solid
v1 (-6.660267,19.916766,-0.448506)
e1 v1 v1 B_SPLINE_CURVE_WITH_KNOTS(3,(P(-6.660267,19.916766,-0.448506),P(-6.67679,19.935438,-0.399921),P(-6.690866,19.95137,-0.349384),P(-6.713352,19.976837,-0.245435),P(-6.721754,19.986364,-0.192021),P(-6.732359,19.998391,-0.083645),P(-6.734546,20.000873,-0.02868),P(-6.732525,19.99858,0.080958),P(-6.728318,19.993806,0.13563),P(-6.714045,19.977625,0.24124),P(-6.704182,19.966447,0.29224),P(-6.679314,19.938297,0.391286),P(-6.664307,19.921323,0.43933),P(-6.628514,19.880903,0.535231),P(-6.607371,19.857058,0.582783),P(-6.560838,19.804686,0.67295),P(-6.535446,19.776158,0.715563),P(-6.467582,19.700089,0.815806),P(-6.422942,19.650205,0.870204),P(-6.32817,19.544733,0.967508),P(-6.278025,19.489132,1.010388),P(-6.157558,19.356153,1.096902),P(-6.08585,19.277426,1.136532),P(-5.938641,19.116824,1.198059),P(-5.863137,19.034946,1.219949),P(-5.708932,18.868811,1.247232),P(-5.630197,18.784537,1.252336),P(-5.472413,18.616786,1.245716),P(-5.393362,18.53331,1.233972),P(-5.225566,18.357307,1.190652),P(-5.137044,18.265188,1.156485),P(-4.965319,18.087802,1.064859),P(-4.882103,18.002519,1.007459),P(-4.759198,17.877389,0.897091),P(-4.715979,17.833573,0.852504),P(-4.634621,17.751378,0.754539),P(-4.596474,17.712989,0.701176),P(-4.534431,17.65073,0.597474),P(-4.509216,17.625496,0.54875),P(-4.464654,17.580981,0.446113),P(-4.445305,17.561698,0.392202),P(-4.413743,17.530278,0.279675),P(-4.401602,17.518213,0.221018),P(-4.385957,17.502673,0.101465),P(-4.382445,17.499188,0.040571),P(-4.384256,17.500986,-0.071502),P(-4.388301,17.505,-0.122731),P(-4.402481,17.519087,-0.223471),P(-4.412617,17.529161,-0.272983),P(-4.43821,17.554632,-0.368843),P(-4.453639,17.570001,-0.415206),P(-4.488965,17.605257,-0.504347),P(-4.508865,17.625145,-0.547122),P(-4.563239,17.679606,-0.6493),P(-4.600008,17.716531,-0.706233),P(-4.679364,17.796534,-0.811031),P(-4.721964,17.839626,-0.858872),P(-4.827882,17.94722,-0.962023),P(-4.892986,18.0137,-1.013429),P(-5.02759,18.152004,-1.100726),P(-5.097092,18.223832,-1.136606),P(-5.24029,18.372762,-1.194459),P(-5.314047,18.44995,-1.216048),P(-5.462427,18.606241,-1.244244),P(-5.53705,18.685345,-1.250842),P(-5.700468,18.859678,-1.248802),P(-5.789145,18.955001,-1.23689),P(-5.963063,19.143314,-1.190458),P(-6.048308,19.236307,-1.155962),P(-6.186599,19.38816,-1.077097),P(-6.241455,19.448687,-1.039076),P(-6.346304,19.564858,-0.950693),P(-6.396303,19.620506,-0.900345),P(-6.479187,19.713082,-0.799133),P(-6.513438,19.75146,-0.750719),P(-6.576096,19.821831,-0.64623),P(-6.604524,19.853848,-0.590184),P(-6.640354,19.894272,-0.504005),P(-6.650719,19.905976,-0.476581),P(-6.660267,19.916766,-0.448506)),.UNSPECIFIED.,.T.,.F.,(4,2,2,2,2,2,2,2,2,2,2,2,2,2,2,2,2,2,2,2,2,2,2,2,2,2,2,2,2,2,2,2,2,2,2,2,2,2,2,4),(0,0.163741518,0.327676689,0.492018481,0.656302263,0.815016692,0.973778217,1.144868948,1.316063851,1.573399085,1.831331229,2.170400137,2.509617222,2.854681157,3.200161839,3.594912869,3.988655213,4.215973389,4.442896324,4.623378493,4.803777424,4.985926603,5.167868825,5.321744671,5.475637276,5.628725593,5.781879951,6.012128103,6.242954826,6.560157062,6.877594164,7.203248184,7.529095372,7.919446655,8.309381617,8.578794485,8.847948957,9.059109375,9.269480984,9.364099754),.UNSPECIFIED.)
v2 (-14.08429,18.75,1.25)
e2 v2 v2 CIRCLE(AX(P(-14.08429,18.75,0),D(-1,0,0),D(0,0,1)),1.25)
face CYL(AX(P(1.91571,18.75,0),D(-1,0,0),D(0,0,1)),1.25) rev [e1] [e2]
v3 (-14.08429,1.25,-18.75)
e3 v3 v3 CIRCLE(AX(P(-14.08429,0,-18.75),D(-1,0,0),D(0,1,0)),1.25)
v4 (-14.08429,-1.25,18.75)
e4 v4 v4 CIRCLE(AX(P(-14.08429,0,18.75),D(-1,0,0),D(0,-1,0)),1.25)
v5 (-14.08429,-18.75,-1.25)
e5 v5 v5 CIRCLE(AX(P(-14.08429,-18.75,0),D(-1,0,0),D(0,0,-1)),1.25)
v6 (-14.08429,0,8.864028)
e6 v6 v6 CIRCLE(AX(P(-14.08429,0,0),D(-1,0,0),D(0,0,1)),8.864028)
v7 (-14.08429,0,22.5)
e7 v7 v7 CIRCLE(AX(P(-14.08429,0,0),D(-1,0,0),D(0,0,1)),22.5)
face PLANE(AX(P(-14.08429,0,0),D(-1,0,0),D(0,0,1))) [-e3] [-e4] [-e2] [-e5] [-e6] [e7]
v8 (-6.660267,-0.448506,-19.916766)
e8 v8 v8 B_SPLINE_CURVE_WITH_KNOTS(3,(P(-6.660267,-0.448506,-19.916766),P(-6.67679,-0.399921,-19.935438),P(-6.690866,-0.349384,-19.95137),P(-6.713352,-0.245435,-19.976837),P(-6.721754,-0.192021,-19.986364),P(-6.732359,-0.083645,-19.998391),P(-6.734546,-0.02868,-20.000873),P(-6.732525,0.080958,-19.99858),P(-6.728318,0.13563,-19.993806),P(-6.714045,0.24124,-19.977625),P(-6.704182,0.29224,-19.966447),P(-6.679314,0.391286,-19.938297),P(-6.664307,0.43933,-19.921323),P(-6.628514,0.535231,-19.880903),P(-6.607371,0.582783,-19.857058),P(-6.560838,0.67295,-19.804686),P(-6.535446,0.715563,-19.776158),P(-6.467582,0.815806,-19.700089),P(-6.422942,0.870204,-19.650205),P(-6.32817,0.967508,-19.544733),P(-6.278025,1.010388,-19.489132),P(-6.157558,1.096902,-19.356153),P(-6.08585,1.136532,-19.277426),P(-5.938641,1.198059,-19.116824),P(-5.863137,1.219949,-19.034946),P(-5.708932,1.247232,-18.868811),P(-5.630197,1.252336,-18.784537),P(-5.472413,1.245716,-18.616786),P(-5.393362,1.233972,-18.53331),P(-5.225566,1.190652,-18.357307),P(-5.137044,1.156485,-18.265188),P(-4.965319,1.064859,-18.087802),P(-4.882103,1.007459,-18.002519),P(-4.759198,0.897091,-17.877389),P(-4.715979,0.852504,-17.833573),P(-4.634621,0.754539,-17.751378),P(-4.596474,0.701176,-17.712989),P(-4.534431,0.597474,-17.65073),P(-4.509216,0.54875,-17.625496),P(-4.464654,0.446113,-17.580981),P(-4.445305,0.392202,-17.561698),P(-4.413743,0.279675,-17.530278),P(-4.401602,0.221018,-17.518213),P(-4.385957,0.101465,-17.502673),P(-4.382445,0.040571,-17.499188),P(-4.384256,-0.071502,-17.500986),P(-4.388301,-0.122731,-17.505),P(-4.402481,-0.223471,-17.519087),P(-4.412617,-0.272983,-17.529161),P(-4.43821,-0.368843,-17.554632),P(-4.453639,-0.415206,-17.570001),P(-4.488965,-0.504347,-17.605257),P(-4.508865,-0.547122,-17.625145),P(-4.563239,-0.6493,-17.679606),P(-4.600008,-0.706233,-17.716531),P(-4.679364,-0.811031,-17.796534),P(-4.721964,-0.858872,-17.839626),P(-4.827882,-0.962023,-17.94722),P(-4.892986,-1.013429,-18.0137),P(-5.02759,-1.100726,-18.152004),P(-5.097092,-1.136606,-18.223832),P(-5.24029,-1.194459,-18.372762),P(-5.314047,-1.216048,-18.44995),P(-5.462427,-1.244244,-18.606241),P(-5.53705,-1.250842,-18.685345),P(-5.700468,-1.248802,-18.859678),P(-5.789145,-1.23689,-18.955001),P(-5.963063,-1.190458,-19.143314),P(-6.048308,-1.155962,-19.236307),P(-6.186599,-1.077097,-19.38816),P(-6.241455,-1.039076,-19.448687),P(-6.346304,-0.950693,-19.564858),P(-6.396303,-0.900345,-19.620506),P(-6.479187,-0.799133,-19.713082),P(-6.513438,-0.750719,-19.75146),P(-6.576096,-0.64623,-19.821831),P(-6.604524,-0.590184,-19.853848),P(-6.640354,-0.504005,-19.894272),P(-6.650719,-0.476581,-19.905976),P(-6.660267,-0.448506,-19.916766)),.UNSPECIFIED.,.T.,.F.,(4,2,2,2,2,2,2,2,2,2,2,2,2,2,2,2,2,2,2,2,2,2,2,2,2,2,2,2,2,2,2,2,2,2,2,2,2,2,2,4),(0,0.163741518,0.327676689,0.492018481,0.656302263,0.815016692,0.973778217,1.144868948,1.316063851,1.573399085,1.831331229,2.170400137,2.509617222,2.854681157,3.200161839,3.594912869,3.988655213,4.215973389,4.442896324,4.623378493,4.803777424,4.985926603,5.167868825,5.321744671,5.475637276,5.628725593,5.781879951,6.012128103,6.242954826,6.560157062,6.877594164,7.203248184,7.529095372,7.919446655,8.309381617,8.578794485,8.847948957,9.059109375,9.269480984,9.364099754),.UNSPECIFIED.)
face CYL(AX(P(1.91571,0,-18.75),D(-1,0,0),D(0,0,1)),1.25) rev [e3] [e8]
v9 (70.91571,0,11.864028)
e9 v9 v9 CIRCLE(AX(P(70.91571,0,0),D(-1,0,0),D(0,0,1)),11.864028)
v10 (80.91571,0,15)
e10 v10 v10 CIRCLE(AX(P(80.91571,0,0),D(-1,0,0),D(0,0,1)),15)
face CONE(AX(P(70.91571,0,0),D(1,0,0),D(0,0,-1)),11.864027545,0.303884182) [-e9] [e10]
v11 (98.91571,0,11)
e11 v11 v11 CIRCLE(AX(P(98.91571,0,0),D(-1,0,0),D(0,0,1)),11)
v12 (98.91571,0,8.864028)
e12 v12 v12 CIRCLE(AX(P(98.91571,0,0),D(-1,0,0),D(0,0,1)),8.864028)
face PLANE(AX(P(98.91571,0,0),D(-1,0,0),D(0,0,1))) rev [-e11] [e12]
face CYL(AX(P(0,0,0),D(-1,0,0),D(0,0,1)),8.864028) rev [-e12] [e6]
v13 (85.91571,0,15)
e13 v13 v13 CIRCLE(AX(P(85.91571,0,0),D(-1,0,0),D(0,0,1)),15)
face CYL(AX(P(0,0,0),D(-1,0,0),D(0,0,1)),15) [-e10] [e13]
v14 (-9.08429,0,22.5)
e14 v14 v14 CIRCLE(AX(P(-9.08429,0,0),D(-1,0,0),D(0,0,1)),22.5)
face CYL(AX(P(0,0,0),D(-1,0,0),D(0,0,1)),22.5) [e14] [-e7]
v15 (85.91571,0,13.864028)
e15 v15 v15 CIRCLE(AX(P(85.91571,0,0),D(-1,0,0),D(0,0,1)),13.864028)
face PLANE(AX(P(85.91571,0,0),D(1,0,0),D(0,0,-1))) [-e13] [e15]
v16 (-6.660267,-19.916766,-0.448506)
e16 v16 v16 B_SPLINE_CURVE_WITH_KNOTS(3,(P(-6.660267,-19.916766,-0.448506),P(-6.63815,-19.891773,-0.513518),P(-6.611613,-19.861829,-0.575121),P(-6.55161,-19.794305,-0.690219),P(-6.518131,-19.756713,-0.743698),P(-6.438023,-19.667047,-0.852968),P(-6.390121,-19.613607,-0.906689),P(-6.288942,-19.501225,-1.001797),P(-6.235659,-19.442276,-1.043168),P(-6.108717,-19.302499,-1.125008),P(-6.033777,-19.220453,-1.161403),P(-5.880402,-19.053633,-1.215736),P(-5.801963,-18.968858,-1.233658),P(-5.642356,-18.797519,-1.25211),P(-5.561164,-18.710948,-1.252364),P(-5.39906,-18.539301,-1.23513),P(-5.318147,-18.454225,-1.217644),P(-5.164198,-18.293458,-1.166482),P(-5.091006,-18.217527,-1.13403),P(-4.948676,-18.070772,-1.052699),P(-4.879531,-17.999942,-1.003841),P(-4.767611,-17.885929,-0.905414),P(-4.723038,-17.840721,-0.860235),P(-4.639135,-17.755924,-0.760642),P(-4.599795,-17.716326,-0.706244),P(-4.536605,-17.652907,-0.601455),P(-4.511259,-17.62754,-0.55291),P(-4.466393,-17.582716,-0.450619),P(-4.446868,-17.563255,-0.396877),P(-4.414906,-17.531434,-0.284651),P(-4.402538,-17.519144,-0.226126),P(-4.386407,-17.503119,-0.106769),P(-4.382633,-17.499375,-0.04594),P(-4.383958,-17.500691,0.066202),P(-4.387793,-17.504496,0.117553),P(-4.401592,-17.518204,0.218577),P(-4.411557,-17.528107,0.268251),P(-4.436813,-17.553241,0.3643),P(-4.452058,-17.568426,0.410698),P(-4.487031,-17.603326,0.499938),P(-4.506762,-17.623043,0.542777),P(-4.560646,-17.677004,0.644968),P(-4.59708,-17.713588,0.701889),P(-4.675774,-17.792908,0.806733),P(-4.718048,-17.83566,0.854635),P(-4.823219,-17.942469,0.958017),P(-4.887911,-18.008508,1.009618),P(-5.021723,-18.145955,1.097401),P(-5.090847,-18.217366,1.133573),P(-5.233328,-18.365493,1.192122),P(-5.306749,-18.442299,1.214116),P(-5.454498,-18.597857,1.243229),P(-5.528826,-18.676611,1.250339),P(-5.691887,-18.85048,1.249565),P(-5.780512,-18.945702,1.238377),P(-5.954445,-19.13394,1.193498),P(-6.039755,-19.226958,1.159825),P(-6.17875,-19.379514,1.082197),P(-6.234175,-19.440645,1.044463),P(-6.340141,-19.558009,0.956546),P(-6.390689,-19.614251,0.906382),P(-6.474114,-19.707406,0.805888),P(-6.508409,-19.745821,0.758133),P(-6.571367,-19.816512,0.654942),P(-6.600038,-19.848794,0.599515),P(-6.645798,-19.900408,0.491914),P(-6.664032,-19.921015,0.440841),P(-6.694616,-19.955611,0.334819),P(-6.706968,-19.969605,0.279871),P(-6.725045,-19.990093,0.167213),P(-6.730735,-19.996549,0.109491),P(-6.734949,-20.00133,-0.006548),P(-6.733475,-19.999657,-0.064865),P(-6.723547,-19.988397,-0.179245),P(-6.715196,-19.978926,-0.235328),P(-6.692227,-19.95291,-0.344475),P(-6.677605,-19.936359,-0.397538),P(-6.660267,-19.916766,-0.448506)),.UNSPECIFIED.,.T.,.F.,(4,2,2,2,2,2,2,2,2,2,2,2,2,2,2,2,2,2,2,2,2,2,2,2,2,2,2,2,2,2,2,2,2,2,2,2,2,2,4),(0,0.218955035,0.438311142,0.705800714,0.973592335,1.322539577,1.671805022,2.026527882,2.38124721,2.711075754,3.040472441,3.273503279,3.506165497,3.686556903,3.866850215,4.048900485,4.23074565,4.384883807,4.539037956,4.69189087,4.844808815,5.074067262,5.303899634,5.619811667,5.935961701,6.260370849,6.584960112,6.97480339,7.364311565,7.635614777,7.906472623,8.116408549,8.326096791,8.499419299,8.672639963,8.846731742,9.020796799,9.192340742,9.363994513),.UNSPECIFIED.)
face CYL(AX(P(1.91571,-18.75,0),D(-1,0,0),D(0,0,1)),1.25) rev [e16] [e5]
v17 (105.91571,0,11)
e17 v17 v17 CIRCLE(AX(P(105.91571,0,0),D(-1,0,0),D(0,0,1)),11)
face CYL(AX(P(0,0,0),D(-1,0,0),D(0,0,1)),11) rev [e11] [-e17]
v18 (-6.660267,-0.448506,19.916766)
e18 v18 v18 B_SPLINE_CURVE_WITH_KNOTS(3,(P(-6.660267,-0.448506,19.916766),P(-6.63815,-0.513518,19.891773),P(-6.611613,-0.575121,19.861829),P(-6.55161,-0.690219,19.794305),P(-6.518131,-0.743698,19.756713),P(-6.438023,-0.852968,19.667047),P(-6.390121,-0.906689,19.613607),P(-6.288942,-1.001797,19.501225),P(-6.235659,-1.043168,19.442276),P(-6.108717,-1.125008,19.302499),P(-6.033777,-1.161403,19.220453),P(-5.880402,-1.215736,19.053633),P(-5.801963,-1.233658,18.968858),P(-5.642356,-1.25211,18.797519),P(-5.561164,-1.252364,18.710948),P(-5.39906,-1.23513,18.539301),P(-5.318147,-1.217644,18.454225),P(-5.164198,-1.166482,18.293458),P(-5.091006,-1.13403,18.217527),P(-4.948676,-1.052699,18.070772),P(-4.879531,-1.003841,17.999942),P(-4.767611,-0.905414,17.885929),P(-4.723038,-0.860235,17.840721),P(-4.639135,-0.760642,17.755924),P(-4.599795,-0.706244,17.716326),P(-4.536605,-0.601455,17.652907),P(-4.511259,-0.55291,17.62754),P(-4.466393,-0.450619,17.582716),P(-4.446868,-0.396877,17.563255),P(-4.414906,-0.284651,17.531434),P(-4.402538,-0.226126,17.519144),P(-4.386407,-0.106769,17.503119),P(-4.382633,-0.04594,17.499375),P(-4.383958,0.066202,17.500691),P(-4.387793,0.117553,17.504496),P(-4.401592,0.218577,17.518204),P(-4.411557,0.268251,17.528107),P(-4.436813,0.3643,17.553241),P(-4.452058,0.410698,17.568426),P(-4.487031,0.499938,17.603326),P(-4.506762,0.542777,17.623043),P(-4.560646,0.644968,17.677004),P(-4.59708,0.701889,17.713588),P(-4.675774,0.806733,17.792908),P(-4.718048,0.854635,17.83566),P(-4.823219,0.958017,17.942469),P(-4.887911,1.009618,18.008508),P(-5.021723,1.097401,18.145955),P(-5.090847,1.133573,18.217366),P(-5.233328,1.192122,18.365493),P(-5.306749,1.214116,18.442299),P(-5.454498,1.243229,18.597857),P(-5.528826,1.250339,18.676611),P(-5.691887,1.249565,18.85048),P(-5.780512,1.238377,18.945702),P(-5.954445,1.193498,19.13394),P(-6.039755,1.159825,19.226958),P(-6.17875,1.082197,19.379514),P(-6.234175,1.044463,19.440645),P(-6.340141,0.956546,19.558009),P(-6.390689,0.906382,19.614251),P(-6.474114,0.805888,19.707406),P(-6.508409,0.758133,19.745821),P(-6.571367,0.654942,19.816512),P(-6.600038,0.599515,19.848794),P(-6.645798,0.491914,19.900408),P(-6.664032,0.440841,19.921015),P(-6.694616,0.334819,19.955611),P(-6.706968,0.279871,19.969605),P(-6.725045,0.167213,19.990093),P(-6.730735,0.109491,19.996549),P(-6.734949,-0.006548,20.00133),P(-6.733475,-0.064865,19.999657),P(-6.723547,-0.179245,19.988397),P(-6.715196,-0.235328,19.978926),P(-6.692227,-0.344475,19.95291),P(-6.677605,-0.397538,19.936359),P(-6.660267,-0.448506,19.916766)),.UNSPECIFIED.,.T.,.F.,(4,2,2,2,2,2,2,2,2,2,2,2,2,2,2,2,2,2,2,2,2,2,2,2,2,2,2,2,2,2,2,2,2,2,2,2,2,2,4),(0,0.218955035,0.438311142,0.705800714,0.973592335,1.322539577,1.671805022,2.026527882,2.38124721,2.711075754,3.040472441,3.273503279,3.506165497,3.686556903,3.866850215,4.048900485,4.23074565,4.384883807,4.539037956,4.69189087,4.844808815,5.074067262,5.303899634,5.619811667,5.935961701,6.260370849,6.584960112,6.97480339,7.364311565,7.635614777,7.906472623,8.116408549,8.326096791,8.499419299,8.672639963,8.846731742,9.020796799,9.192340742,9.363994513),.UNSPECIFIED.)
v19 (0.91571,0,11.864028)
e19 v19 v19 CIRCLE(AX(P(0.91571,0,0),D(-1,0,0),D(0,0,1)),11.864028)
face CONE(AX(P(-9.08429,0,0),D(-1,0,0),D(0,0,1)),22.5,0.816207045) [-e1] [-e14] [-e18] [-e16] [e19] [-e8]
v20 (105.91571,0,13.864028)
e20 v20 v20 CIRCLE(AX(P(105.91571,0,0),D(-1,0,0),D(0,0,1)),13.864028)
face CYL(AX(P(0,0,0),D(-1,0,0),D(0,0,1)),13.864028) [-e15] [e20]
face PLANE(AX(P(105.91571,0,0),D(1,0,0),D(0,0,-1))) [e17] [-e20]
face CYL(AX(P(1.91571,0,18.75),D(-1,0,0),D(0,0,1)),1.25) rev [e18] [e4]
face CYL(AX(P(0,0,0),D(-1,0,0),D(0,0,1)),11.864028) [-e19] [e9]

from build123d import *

# Parameters (mm, degrees)
IZIM2_R                 = 1.25
KES_EKSTR_ZYON1_DEPTH   = 16
DAIRESEL_KAPLAMA1_COUNT = 4


with BuildPart() as part:
    # Çizim1 → Döndür1 (revolve)
    with BuildSketch(Plane.XY, mode=Mode.PRIVATE) as d_nd_r1_sk:
        Polygon((-14.08429038, 22.5), (-14.08429038, 8.864027545), (98.91570962, 8.864027545), (98.91570962, 11), (105.91570962, 11), (105.91570962, 13.864027545), (85.91570962, 13.864027545), (85.91570962, 15), (80.91570962, 15), (70.91570962, 11.864027545), (0.91570962, 11.864027545), (-9.08429038, 22.5), align=None)
    revolve(d_nd_r1_sk.sketch.rotate(Axis((0, 0, 0), (1, 0, 0)), 90), axis=Axis((0, 0, 0), (1, 0, 0)))

    # Çizim2 → Kes-Ekstrüzyon1 (cut)
    with BuildSketch(Plane.ZY.offset(14.08429038)):
        with Locations((0, 18.75)):
            Circle(IZIM2_R)
    kes_ekstr_zyon1 = extrude(amount=-KES_EKSTR_ZYON1_DEPTH, mode=Mode.SUBTRACT)

    # Dairesel Kaplama1: Kes-Ekstrüzyon1 ×4 about axis
    dairesel_kaplama1_axis = Axis((0, 0, 0), (1, 0, 0))
    for i in range(1, DAIRESEL_KAPLAMA1_COUNT):
        add(kes_ekstr_zyon1.rotate(dairesel_kaplama1_axis, i * 360 / DAIRESEL_KAPLAMA1_COUNT), mode=Mode.SUBTRACT)


solid = part.part
